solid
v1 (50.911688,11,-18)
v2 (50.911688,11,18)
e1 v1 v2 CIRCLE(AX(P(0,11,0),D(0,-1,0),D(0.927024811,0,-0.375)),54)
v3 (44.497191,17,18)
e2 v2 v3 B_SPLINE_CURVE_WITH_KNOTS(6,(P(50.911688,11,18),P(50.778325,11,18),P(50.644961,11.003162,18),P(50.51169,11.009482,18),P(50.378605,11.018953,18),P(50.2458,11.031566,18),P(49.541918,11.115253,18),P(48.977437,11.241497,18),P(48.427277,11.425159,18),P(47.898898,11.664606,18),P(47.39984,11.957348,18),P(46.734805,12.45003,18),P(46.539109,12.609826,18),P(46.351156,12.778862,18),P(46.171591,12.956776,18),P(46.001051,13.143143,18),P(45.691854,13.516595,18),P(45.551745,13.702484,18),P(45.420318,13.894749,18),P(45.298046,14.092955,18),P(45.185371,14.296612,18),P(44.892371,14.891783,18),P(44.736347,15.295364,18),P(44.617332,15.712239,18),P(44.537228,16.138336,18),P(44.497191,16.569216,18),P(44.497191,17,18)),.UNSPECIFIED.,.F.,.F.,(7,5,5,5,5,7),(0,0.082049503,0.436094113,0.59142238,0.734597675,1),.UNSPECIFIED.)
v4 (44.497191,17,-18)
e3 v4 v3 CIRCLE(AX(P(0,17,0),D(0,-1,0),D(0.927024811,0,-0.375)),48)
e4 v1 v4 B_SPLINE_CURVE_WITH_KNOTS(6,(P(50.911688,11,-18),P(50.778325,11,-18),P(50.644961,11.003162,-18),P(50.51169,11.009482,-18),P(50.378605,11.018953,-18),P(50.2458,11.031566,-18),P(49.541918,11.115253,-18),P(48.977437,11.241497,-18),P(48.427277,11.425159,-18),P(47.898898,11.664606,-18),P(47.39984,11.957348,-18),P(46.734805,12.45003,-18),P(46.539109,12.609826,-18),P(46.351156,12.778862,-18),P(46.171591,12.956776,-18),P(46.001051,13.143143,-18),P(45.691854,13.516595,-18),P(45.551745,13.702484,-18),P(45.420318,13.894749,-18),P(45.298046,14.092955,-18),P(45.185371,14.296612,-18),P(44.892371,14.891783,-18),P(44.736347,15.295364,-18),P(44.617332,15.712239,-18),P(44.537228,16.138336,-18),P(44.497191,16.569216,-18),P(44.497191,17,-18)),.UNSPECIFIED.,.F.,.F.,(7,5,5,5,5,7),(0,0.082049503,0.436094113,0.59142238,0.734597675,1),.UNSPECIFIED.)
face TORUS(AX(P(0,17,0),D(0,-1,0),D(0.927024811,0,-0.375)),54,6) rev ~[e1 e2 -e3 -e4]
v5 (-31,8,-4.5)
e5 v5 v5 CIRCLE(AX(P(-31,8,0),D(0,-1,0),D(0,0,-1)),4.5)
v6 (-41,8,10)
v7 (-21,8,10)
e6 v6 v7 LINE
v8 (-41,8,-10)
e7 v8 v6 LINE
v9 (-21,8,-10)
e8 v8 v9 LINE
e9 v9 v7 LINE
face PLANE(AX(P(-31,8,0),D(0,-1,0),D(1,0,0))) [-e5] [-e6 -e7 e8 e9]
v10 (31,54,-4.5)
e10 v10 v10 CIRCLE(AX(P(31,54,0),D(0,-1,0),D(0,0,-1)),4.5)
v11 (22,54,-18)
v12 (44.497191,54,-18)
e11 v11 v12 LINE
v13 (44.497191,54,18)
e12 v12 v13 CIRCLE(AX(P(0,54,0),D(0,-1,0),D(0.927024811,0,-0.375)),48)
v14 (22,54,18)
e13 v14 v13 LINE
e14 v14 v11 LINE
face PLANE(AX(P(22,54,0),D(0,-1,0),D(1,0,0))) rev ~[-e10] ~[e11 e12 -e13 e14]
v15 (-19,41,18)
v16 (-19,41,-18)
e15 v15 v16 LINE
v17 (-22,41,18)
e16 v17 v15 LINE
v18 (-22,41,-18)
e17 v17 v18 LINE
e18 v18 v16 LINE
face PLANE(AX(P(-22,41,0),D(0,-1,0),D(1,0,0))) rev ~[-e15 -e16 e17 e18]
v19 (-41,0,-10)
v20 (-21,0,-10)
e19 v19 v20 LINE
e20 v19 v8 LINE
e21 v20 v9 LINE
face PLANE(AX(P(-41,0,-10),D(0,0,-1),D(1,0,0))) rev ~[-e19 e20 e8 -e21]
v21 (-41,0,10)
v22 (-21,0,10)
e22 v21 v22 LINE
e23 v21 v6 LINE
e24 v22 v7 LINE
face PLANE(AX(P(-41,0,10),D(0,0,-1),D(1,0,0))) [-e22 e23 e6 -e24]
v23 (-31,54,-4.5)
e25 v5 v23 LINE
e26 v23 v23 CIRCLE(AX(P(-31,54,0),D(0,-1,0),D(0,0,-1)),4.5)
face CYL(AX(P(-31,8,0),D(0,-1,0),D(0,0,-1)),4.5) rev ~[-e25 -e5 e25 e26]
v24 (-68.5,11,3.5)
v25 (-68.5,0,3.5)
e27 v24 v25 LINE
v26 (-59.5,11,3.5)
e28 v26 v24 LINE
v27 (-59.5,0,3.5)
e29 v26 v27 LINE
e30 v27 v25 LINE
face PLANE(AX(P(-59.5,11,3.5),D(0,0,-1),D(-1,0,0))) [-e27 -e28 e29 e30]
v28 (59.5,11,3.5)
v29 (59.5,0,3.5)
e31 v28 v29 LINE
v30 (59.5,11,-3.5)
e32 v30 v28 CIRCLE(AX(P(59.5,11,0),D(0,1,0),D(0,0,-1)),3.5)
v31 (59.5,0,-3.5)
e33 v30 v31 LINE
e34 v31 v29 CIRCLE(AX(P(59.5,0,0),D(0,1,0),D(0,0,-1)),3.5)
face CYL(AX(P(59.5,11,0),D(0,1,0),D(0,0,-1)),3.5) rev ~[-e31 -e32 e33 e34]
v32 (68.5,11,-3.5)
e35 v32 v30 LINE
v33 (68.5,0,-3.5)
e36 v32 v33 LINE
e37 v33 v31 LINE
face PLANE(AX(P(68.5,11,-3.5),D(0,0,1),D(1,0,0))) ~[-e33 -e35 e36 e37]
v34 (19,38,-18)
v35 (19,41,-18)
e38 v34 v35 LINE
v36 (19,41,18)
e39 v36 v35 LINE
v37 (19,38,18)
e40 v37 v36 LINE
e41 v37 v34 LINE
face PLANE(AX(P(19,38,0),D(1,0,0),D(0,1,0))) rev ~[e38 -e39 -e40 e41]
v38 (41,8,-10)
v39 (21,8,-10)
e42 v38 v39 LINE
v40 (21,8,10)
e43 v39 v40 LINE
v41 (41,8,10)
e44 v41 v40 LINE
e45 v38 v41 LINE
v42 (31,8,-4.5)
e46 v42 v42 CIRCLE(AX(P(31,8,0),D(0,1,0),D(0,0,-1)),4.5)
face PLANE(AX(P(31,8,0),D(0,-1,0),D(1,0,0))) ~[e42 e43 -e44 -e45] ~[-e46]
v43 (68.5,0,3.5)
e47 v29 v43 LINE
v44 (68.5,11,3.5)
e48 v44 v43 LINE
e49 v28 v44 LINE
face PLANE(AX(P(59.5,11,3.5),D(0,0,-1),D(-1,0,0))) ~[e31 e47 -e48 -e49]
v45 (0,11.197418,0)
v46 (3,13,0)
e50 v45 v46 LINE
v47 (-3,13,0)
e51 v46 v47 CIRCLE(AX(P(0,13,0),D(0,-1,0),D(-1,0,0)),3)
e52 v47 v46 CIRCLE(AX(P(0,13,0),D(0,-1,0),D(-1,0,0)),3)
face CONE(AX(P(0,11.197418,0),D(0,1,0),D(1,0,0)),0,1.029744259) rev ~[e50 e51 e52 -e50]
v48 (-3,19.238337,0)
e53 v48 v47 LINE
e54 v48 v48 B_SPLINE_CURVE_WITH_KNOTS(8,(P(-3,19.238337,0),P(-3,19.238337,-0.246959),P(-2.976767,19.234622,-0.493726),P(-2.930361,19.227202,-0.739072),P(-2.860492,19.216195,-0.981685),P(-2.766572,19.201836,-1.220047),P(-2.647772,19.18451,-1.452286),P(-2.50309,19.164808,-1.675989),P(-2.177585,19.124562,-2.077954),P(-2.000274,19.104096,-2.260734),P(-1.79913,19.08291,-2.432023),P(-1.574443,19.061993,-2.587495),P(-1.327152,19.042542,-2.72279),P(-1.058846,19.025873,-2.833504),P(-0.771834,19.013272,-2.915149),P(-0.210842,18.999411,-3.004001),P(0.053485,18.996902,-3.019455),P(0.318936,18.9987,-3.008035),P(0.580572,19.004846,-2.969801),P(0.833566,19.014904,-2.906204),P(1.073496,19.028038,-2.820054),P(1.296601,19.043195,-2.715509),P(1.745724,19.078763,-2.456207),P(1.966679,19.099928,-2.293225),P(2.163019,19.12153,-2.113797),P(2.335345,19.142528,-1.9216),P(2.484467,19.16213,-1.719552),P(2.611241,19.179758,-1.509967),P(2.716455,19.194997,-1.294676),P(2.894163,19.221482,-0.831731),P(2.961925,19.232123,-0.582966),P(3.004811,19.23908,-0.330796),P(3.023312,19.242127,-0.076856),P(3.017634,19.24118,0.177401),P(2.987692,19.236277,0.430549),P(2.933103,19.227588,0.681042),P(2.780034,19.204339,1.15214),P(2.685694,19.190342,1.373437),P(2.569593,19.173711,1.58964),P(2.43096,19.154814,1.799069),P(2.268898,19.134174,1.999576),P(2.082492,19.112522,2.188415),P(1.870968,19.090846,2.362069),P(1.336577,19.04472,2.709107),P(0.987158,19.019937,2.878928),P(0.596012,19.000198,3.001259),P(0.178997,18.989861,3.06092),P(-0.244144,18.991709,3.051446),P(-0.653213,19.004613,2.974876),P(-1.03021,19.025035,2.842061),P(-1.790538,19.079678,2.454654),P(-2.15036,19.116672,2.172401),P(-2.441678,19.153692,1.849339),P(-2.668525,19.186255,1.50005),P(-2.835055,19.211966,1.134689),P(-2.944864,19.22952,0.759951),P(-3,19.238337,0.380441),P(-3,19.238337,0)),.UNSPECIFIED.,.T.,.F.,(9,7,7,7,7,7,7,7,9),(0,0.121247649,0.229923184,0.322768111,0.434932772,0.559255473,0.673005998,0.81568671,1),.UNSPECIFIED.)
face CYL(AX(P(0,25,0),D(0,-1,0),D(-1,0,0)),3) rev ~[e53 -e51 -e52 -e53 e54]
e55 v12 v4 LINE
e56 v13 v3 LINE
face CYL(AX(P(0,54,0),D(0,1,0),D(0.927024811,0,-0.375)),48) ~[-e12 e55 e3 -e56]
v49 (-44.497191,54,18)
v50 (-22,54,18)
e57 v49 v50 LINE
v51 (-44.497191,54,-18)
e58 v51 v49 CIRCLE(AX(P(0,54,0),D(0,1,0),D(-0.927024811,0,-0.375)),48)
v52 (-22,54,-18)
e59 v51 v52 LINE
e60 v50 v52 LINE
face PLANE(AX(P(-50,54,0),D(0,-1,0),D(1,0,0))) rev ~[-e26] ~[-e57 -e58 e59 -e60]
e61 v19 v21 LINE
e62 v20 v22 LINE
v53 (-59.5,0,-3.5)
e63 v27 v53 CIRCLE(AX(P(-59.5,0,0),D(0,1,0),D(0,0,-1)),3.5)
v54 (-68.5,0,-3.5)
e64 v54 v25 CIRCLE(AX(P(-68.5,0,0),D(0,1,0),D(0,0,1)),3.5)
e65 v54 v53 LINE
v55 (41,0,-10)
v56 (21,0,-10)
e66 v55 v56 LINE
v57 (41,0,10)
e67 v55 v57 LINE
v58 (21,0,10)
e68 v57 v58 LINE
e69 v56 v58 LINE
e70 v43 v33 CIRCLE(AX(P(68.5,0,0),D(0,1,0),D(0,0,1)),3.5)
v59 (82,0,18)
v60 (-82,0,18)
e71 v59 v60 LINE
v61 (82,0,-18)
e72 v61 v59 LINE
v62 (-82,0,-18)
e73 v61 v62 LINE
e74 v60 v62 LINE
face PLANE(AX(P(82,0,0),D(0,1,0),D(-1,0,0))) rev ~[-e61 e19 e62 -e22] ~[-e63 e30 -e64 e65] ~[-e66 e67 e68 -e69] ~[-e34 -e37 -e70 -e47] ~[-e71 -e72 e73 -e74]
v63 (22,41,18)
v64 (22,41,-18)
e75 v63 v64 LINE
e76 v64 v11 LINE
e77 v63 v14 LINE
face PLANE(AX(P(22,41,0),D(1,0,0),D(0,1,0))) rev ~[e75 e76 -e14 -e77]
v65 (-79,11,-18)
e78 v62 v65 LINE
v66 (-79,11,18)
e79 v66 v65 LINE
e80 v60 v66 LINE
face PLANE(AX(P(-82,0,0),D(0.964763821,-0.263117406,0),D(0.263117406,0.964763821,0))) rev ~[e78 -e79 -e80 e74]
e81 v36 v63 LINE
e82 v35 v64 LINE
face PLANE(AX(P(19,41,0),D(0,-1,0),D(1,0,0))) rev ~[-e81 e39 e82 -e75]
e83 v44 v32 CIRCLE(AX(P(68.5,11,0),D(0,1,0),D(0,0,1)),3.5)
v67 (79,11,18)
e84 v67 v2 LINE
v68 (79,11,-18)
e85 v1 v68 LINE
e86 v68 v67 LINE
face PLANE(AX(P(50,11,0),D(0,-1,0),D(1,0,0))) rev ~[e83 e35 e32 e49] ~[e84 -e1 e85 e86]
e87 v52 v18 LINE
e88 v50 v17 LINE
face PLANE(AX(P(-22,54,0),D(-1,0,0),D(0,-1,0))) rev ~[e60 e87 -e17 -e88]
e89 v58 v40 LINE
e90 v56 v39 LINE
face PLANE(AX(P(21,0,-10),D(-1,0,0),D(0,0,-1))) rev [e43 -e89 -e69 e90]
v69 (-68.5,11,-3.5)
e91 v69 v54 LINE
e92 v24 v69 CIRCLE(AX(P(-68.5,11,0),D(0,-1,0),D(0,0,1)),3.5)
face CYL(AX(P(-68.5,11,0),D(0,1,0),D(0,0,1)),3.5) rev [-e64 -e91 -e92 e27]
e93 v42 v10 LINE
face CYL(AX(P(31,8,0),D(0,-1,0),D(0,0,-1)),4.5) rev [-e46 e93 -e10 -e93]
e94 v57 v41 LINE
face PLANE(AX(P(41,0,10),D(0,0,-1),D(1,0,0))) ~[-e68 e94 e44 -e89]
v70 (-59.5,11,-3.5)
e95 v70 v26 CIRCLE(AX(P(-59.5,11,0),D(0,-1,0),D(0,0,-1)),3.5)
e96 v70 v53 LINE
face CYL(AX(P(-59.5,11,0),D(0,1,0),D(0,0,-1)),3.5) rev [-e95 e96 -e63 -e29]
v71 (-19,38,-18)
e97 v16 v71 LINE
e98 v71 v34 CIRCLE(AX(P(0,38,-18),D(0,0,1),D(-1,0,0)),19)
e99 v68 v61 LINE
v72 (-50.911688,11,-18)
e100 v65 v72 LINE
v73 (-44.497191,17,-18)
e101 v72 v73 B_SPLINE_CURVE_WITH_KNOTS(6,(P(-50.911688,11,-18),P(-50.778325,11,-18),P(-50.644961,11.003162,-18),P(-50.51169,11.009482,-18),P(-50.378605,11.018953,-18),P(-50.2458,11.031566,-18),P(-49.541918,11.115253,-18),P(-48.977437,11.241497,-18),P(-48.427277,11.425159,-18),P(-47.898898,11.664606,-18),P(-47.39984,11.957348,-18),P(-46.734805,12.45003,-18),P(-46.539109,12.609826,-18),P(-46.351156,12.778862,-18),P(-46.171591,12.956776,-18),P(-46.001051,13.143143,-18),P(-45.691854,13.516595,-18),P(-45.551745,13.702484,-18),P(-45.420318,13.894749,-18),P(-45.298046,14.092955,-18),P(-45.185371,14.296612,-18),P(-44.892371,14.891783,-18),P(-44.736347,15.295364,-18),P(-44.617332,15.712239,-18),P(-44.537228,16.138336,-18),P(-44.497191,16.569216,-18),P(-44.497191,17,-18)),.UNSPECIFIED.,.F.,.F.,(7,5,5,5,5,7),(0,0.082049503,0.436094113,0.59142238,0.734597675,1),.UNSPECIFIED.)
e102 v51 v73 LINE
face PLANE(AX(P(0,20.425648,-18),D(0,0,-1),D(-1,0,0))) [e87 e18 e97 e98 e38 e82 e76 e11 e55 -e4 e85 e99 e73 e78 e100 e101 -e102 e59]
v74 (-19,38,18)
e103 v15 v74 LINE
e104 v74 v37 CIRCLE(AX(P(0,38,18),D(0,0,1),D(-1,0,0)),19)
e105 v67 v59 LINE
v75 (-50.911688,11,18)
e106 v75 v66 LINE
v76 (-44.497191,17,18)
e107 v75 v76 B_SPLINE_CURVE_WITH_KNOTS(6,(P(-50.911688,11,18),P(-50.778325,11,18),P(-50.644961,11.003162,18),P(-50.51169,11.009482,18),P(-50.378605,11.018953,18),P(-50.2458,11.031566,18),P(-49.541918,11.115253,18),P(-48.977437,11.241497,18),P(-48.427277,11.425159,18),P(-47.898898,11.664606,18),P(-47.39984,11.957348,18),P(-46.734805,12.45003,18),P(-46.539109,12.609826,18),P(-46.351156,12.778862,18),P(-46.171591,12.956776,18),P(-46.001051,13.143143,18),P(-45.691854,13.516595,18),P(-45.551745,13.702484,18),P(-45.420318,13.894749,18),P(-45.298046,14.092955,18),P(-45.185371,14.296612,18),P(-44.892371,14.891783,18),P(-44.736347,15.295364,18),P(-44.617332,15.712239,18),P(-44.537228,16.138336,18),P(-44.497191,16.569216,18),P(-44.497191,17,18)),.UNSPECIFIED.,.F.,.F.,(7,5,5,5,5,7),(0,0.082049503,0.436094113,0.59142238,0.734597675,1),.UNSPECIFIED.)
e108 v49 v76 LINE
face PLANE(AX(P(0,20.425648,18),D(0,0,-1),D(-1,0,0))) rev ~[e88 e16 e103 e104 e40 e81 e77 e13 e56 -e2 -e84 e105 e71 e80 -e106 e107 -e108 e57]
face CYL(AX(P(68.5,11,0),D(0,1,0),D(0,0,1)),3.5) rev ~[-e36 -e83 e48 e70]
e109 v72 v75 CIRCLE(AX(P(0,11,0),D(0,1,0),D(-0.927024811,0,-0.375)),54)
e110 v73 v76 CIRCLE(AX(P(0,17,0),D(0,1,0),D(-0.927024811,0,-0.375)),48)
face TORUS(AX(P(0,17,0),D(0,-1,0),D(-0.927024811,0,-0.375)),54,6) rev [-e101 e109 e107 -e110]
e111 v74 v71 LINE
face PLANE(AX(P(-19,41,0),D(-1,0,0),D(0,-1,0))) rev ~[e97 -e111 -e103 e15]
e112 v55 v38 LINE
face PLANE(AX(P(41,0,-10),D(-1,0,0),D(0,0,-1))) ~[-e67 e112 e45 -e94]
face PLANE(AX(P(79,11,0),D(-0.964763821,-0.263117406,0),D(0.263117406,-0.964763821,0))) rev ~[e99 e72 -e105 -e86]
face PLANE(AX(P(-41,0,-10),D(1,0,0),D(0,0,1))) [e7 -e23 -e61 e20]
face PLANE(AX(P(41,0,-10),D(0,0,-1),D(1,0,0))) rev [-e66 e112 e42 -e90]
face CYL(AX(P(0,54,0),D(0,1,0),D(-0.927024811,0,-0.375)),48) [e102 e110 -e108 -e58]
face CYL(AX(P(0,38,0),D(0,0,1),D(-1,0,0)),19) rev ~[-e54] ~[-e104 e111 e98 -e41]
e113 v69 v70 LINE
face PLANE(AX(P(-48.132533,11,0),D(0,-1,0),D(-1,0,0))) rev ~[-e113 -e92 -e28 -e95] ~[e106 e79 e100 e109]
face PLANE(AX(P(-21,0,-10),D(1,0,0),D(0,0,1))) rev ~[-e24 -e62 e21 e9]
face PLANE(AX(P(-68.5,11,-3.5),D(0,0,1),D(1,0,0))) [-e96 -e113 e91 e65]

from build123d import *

# Parameters (mm, degrees)
BOSS_EXTRUDE1_DEPTH       = 18
CUT_EXTRUDE1_DEPTH        = 43
CUT_EXTRUDE2_DEPTH        = 12
SKETCH6_W                 = 20
SKETCH6_H                 = 20
CUT_EXTRUDE3_DEPTH        = 8
SKETCH7_R                 = 4.5
CUT_EXTRUDE4_DEPTH        = 47
FILLET1_R                 = 6
F_6_0MM_DOWEL_HOLE1_D     = 6
F_6_0MM_DOWEL_HOLE1_DEPTH = 6
F_6_0MM_DOWEL_HOLE1_TIP   = 1.802581857


with BuildPart() as part:
    # Sketch1 → Boss-Extrude1 (new body, symmetric)
    with BuildSketch(Plane.XY):
        with BuildLine():
            Line((82, 0), (-82, 0))
            Line((-82, 0), (-79, 11))
            Line((-79, 11), (-50, 11))
            Line((-50, 11), (-50, 54))
            Line((-50, 54), (-22, 54))
            Line((-22, 54), (-22, 41))
            Line((-22, 41), (-19, 41))
            Line((-19, 41), (-19, 38))
            ThreePointArc((-19, 38), (0, 19), (19, 38))
            Line((19, 38), (19, 41))
            Line((19, 41), (22, 41))
            Line((22, 41), (22, 54))
            Line((22, 54), (50, 54))
            Line((50, 54), (50, 11))
            Line((50, 11), (79, 11))
            Line((79, 11), (82, 0))
        make_face()
    extrude(amount=BOSS_EXTRUDE1_DEPTH, both=True)

    # Sketch2 → Cut-Extrude1 (cut)
    with BuildSketch(Plane(origin=(0, 54, 0), x_dir=(1, 0, 0), z_dir=(0, 1, 0))):
        with BuildLine():
            Line((-44.497190923, -18), (-50, -18))
            Line((-50, -18), (-50, 18))
            Line((-50, 18), (-44.497190923, 18))
            ThreePointArc((-44.497190923, 18), (-48, 0), (-44.497190923, -18))
        make_face()
        with BuildLine():
            Line((50, 18), (44.497190923, 18))
            ThreePointArc((44.497190923, 18), (48, 0), (44.497190923, -18))
            Line((44.497190923, -18), (50, -18))
            Line((50, -18), (50, 18))
        make_face()
    extrude(amount=-CUT_EXTRUDE1_DEPTH, mode=Mode.SUBTRACT)

    # Sketch4 → Cut-Extrude2 (cut, through all)
    with BuildSketch(Plane(origin=(0, 11, 0), x_dir=(1, 0, 0), z_dir=(0, 1, 0))):
        with BuildLine():
            Line((-59.5, -3.5), (-68.5, -3.5))
            ThreePointArc((-68.5, -3.5), (-72, 0), (-68.5, 3.5))
            Line((-68.5, 3.5), (-59.5, 3.5))
            ThreePointArc((-59.5, 3.5), (-56, 0), (-59.5, -3.5))
        make_face()
    cut_extrude2 = extrude(amount=-CUT_EXTRUDE2_DEPTH, mode=Mode.SUBTRACT)

    # Sketch6 → Cut-Extrude3 (cut)
    with BuildSketch(Plane.XZ):
        with Locations((-31, 0)):
            Rectangle(SKETCH6_W, SKETCH6_H)
    cut_extrude3 = extrude(amount=-CUT_EXTRUDE3_DEPTH, mode=Mode.SUBTRACT)

    # Sketch7 → Cut-Extrude4 (cut, through all)
    with BuildSketch(Plane.XZ.offset(-8)):
        with Locations(Location((-31, 0, 0), (0, 0, 270))):  # turned: the seam where the file's is
            Circle(SKETCH7_R)
    cut_extrude4 = extrude(amount=-CUT_EXTRUDE4_DEPTH, mode=Mode.SUBTRACT)

    # Fillet1
    fillet1_edges = [part.edges().sort_by_distance(p)[0] for p in [
        (48, 11, 0),
        (-48, 11, 0),
    ]]
    fillet(fillet1_edges, radius=FILLET1_R)

    # Mirror6: Cut-Extrude2, Cut-Extrude3, Cut-Extrude4 across plane
    add(cut_extrude2.mirror(Plane(origin=(0, 0, 0), x_dir=(0, 0, 1), z_dir=(1, 0, 0))), mode=Mode.SUBTRACT)
    add(cut_extrude3.mirror(Plane(origin=(0, 0, 0), x_dir=(0, 0, 1), z_dir=(1, 0, 0))), mode=Mode.SUBTRACT)
    add(cut_extrude4.mirror(Plane(origin=(0, 0, 0), x_dir=(0, 0, 1), z_dir=(1, 0, 0))), mode=Mode.SUBTRACT)

    # Ø6.0mm Dowel Hole1
    with Locations(Plane(origin=(0, 19, 0), x_dir=(1, 0, 0), z_dir=(0, 1, 0))):
        with Locations((0, 0)):
            Hole(F_6_0MM_DOWEL_HOLE1_D / 2, depth=F_6_0MM_DOWEL_HOLE1_DEPTH)
            with Locations((0, 0, -(F_6_0MM_DOWEL_HOLE1_DEPTH + F_6_0MM_DOWEL_HOLE1_TIP / 2))):  # 118° drill point
                Cone(0, F_6_0MM_DOWEL_HOLE1_D / 2, F_6_0MM_DOWEL_HOLE1_TIP, mode=Mode.SUBTRACT)


solid = part.part
